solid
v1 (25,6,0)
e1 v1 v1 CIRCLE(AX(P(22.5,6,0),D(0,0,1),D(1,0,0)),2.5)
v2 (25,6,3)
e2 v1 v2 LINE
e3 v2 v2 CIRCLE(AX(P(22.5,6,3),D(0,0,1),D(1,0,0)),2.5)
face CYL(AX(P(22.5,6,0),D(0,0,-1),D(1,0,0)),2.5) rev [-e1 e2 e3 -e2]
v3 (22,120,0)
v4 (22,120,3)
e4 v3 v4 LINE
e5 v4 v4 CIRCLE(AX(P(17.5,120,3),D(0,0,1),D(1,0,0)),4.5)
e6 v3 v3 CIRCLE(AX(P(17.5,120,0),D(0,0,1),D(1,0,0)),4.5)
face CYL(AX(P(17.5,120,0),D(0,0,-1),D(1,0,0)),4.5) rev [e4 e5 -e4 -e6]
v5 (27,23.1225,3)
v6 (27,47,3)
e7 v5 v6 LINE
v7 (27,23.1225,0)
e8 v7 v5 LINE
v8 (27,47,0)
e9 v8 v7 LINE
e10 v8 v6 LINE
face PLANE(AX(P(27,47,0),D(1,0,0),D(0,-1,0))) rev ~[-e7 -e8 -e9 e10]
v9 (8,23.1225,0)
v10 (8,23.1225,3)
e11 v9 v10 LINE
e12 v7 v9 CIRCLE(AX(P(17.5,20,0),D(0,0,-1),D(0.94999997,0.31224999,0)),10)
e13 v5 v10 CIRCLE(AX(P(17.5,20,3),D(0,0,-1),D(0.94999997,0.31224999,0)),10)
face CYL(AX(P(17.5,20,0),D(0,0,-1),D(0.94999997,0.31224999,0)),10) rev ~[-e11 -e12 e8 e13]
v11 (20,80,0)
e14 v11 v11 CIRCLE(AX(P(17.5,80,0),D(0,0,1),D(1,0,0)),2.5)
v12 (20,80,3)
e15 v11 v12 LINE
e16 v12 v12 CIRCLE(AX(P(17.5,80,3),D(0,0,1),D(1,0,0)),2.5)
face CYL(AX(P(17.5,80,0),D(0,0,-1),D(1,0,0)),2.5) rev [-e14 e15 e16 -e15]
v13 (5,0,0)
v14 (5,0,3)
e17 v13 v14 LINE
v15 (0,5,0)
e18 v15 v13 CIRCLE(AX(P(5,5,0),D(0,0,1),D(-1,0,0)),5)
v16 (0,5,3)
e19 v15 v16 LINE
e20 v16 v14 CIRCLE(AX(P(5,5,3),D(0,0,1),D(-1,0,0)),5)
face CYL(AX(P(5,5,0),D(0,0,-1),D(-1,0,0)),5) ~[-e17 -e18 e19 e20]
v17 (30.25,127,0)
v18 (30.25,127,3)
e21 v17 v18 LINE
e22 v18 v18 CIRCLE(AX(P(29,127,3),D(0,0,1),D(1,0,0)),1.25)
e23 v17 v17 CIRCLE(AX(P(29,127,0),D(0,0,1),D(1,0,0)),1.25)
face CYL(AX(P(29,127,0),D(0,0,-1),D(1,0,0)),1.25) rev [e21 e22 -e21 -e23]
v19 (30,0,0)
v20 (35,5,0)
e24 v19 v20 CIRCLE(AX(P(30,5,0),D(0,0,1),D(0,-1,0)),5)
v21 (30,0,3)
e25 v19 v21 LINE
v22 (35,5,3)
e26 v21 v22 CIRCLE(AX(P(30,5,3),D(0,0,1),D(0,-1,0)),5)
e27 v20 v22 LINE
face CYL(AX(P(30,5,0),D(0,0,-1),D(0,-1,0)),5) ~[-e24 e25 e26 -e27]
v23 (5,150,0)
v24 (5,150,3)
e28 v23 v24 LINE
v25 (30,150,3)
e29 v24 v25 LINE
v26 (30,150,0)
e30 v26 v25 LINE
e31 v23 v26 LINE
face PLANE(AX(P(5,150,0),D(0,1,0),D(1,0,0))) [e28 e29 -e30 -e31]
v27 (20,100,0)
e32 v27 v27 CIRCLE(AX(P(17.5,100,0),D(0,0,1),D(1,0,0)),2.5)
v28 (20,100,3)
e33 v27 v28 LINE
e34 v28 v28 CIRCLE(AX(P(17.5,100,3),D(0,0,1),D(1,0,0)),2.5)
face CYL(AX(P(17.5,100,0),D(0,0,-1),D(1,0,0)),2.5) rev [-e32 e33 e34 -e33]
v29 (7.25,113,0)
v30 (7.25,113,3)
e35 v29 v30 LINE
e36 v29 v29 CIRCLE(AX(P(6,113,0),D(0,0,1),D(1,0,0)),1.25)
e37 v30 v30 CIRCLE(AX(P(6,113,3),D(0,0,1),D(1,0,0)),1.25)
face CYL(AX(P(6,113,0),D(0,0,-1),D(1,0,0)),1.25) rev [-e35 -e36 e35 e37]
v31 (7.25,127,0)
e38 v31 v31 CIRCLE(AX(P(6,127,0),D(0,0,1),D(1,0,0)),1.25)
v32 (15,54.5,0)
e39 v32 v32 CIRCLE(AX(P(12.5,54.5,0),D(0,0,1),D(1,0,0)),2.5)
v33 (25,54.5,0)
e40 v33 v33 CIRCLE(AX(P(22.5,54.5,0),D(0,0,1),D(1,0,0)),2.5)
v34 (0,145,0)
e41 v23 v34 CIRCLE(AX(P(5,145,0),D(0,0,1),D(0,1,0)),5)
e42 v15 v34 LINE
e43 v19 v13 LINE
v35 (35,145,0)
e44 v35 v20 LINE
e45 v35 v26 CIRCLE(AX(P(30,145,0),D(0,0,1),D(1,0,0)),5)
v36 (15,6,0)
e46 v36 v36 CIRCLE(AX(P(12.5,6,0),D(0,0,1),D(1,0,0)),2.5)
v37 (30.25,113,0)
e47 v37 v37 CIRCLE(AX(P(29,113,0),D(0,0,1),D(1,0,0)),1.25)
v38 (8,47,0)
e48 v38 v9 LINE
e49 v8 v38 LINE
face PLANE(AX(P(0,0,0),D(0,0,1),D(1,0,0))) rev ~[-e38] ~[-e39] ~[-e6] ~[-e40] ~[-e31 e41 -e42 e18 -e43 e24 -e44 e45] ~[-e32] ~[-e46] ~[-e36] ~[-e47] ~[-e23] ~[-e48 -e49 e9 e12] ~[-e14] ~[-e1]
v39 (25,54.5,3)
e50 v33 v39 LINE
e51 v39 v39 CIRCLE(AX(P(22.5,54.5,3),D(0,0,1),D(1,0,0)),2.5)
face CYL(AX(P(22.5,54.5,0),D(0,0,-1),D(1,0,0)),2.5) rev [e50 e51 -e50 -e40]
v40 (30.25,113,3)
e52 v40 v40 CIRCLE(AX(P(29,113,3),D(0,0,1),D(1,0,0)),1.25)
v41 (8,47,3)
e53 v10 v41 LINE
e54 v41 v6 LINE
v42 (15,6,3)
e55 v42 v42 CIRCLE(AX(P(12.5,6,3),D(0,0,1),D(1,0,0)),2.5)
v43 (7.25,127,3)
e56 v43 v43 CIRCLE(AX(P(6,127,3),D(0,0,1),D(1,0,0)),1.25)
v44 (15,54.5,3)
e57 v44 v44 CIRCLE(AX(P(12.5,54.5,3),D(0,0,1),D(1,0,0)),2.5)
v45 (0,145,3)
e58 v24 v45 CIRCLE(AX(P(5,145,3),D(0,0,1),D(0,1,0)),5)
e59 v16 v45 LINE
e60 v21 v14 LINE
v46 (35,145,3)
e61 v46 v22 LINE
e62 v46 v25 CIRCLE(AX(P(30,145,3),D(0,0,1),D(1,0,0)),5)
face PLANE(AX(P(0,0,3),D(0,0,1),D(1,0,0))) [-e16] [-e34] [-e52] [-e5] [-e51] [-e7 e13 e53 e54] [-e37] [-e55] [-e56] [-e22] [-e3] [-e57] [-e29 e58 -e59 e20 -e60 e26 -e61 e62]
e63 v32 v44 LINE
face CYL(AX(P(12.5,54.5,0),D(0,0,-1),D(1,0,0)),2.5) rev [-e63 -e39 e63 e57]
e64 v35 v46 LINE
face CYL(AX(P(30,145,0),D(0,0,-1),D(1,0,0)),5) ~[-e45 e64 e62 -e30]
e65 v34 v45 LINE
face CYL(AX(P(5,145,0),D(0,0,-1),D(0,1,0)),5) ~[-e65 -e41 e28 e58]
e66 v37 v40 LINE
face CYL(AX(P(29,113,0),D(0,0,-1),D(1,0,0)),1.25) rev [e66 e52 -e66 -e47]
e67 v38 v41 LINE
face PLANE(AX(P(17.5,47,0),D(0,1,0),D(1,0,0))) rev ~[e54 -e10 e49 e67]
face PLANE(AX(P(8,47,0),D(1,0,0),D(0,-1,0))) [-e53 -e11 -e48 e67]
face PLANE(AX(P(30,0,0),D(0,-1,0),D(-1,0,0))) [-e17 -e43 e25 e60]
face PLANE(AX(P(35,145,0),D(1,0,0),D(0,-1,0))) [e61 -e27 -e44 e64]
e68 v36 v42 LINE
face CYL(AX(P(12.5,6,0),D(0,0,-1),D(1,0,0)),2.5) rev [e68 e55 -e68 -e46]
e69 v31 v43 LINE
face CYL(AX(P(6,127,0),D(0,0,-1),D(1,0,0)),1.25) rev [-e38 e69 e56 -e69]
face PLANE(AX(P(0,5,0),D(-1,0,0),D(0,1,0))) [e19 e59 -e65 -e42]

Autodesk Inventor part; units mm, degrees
ref_plane "YZ Plane" through (0, 0, 0) normal (1, 0, 0) x (0, 1, 0)
ref_plane "XZ Plane" through (0, 0, 0) normal (0, 1, 0) x (-1, 0, 0)
ref_plane "XY Plane" through (0, 0, 0) normal (0, 0, 1) x (1, 0, 0)
sketch "Boceto1" plane through (0, 0, 0) normal (0, 0, 1) x (1, 0, 0)
  line L0 (0, 5) -> (0, 145)
  line L1 (5, 150) -> (30, 150)
  line L2 (35, 145) -> (35, 5)
  line L3 (30, 0) -> (5, 0)
  arc A0 (5, 150) -> (0, 145) centre (5, 145) ccw
  arc A1 (35, 145) -> (30, 150) centre (30, 145) ccw
  arc A2 (0, 5) -> (5, 0) centre (5, 5) ccw
  arc A3 (30, 0) -> (35, 5) centre (30, 5) ccw
  circle A4 centre (17.5, 120) radius 4.5
  circle A5 centre (17.5, 100) radius 2.5
  circle A6 centre (17.5, 80) radius 2.5
  circle A7 centre (17.5, 20) radius 6.5
  circle A8 centre (22.5, 54.5) radius 2.5
  circle A9 centre (12.5, 54.5) radius 2.5
  circle A10 centre (12.5, 6) radius 2.5
  circle A11 centre (22.5, 6) radius 2.5
  circle A12 centre (6, 127) radius 1.25
  circle A13 centre (6, 113) radius 1.25
  circle A14 centre (29, 113) radius 1.25
  circle A15 centre (29, 127) radius 1.25
  point P0 (0, 0)
extrude "Extrusión1" add sketch "Boceto1" along normal blind 3
sketch "Boceto2" plane through (0, 0, 0) normal (0, 0, -1) x (-1, 0, 0)
  circle A0 centre (-17.5, 20) radius 6.5 projected
  arc A1 (-27, 23.1225) -> (-8, 23.1225) centre (-17.5, 20) ccw
  line L0 (-17.5, 47) -> (-27, 47)
  line L1 (-27, 47) -> (-8, 47)
  line L2 (-8, 47) -> (-8, 23.1225)
  line L3 (-27, 47) -> (-27, 23.1225)
  point P0 (0, 0)
extrude "Extrusión2" cut sketch "Boceto2" against normal blind 10
properties part number "3"
